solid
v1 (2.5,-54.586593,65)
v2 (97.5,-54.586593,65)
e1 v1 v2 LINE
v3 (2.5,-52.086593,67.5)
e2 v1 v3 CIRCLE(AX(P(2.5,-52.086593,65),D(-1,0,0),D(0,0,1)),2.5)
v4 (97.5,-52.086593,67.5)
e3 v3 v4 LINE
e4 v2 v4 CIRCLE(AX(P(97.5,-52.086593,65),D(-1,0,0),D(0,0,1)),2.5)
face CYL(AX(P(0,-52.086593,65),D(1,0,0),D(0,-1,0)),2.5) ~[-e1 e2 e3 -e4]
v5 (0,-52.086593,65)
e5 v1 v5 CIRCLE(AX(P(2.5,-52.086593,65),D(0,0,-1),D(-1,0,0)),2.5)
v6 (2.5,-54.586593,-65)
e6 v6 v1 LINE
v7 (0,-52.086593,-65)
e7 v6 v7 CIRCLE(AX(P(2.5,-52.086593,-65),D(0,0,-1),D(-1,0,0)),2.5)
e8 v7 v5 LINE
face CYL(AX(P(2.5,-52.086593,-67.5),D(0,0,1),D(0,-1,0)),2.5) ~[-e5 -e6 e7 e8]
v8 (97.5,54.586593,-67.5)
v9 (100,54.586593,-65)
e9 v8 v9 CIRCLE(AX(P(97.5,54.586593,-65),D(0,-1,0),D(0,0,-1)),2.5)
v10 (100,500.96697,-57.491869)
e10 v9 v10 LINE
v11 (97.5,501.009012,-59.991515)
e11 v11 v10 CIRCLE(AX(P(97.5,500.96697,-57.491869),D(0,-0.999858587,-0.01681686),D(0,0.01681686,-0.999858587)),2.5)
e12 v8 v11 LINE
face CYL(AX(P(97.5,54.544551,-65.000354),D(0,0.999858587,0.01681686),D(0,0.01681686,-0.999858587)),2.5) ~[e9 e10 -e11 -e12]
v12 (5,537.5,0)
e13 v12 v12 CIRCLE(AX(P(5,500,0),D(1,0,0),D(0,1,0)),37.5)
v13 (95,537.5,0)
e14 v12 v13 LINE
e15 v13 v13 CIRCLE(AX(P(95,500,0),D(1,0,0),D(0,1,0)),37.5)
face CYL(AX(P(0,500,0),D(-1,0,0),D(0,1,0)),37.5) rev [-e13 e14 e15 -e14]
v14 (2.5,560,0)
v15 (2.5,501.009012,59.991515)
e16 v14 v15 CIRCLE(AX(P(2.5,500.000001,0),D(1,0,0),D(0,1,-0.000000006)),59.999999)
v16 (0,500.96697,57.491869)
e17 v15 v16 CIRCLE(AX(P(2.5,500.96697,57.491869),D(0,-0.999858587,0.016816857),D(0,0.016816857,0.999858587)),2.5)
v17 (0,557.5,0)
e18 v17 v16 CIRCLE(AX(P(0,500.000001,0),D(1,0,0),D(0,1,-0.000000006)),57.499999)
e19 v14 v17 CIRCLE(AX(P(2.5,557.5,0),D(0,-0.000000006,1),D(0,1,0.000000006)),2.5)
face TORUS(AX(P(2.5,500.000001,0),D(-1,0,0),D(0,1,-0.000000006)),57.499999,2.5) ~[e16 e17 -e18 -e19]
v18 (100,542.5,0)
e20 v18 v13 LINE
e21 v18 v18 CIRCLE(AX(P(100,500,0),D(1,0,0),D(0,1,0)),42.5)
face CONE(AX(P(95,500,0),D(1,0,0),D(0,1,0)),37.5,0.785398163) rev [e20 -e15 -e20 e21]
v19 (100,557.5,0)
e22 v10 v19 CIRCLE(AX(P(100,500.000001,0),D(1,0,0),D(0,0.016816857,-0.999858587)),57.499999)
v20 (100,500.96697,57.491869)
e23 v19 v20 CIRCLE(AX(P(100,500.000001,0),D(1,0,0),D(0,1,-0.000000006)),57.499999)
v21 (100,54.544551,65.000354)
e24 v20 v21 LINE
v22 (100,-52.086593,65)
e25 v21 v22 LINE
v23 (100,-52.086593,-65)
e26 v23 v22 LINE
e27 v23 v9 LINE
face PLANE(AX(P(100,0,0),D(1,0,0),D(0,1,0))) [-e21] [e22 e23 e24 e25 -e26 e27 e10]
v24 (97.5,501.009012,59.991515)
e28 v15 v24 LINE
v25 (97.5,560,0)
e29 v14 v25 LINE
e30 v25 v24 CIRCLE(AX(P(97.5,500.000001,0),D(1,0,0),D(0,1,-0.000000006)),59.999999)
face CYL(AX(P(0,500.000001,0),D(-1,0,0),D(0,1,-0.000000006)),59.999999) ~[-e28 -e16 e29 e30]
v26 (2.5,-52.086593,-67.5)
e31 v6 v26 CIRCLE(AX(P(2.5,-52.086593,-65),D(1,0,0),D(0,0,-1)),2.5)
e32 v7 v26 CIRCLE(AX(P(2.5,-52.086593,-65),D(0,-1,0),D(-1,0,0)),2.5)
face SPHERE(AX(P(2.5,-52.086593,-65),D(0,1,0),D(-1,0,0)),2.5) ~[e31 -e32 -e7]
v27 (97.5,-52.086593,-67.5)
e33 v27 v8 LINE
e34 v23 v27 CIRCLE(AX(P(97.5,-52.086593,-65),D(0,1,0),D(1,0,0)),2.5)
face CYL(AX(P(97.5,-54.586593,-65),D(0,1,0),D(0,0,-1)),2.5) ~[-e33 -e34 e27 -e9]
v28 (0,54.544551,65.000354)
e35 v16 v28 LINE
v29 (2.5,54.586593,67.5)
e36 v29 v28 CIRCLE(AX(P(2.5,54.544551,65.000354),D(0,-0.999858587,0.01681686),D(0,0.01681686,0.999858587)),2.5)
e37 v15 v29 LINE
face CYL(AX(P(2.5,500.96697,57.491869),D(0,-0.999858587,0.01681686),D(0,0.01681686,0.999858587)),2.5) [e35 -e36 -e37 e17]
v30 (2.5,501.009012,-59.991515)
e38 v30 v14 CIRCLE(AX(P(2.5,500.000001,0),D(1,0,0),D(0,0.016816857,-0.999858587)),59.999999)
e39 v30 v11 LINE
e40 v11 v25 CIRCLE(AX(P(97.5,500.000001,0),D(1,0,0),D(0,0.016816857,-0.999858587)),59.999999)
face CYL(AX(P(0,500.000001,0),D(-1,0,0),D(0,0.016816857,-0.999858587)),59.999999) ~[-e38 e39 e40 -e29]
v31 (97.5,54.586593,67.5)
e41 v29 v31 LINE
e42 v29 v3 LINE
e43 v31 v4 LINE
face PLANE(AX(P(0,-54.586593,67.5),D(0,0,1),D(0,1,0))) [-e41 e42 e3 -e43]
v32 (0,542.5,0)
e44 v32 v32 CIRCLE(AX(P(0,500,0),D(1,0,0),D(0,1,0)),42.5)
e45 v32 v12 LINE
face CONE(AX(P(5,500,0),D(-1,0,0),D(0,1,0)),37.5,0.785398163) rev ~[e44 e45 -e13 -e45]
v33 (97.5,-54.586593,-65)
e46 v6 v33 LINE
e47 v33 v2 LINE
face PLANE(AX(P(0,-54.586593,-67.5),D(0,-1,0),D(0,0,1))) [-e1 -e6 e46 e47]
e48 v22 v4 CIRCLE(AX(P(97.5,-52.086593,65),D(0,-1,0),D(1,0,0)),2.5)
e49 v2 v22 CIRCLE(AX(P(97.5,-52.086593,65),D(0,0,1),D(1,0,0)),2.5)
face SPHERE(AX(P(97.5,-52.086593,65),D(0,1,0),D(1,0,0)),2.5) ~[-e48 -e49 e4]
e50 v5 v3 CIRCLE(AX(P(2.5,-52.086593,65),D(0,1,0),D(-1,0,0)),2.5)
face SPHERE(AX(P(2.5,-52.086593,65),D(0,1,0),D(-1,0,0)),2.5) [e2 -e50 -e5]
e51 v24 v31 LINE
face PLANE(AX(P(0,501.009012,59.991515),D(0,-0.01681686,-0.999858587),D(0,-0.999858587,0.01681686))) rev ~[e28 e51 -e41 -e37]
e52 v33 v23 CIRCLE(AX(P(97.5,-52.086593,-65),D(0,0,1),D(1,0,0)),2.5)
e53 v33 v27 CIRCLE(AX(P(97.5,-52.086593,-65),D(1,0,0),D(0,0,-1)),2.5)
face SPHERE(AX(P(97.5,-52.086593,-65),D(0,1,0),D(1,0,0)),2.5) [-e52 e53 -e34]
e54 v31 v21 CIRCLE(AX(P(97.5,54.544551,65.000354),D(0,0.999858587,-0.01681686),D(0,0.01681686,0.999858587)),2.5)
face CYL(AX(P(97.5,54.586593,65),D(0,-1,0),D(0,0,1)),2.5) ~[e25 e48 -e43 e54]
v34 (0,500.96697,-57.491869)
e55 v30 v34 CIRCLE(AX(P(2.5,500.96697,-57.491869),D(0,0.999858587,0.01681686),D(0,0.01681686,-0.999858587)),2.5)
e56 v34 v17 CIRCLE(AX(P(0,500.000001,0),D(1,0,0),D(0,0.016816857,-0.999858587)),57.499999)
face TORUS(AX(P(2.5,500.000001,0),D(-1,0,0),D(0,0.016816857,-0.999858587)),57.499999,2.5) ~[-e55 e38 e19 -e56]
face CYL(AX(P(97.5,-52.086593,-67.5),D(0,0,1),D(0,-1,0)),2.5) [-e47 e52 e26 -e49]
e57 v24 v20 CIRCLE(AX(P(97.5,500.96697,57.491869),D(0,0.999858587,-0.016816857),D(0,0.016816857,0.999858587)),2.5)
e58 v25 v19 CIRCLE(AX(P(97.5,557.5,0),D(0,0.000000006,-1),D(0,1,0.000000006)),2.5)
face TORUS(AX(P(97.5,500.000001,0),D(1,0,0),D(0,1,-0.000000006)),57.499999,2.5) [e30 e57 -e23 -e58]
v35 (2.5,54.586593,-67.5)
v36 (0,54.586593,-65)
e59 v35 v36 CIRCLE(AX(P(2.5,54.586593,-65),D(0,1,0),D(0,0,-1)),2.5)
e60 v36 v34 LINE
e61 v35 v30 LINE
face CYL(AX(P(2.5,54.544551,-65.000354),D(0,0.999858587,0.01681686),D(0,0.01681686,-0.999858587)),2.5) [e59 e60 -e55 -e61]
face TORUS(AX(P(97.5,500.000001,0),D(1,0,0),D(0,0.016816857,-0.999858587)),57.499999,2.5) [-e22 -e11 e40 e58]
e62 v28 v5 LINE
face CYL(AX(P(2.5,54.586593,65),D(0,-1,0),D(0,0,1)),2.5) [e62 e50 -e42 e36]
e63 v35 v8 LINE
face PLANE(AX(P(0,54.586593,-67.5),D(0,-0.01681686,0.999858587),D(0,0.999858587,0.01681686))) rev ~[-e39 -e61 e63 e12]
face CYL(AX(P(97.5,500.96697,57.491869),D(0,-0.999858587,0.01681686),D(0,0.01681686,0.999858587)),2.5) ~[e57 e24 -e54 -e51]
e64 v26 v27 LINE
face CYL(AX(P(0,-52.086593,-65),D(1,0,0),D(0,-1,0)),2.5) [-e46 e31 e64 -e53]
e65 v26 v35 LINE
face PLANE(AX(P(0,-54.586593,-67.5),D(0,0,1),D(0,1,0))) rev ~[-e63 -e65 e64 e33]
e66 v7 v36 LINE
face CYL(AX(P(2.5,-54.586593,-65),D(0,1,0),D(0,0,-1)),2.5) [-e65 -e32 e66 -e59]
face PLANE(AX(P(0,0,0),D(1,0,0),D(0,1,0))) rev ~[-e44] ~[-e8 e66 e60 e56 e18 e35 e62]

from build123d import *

# Parameters (mm, degrees)
F0_W     = 109.173186
F0_H     = 135
F0_R     = 37.5
F1_DEPTH = 100
F2_R     = 2.5
F3_SIZE  = 5


with BuildPart() as f1:
    # F0 (on Right) → F1 (new body)
    with BuildSketch(Plane.YZ):
        Rectangle(F0_W, F0_H)
        with BuildLine():
            Line((501.009012, 59.991515), (54.586593, 67.5))
            Line((54.586593, 67.5), (54.586593, -67.5))
            Line((54.586593, -67.5), (501.009012, -59.991515))
            ThreePointArc((501.009012, -59.991515), (440, 0), (501.009012, 59.991515))
        make_face()
        with BuildLine():
            ThreePointArc((560, 0), (542.781659, 42.068155), (501.009012, 59.991515))
            ThreePointArc((501.009012, 59.991515), (440, 0), (501.009012, -59.991515))
            ThreePointArc((501.009012, -59.991515), (542.781659, -42.068155), (560, 0))
        make_face()
        with Locations((500, 0)):
            Circle(F0_R, mode=Mode.SUBTRACT)
    extrude(amount=F1_DEPTH)

    # F2
    f2_edges = [f1.edges().sort_by_distance(p)[0] for p in [
        (100, 277.797802, 63.745758),
        (100, 277.797802, -63.745758),
        (100, 0, -67.5),
        (100, -54.586593, 0),
        (100, 0, 67.5),
        (100, 560, 0),
        (0, 277.797802, 63.745758),
        (0, 560, 0),
        (0, 277.797802, -63.745758),
        (0, 0, -67.5),
        (0, -54.586593, 0),
        (0, 0, 67.5),
        (50, -54.586593, -67.5),
        (50, -54.586593, 67.5),
    ]]
    fillet(f2_edges, radius=F2_R)

    # F3
    f3_edges = [f1.edges().sort_by_distance(p)[0] for p in [
        (100, 462.5, 0),
        (0, 462.5, 0),
    ]]
    chamfer(f3_edges, length=F3_SIZE)


solid = f1.part
